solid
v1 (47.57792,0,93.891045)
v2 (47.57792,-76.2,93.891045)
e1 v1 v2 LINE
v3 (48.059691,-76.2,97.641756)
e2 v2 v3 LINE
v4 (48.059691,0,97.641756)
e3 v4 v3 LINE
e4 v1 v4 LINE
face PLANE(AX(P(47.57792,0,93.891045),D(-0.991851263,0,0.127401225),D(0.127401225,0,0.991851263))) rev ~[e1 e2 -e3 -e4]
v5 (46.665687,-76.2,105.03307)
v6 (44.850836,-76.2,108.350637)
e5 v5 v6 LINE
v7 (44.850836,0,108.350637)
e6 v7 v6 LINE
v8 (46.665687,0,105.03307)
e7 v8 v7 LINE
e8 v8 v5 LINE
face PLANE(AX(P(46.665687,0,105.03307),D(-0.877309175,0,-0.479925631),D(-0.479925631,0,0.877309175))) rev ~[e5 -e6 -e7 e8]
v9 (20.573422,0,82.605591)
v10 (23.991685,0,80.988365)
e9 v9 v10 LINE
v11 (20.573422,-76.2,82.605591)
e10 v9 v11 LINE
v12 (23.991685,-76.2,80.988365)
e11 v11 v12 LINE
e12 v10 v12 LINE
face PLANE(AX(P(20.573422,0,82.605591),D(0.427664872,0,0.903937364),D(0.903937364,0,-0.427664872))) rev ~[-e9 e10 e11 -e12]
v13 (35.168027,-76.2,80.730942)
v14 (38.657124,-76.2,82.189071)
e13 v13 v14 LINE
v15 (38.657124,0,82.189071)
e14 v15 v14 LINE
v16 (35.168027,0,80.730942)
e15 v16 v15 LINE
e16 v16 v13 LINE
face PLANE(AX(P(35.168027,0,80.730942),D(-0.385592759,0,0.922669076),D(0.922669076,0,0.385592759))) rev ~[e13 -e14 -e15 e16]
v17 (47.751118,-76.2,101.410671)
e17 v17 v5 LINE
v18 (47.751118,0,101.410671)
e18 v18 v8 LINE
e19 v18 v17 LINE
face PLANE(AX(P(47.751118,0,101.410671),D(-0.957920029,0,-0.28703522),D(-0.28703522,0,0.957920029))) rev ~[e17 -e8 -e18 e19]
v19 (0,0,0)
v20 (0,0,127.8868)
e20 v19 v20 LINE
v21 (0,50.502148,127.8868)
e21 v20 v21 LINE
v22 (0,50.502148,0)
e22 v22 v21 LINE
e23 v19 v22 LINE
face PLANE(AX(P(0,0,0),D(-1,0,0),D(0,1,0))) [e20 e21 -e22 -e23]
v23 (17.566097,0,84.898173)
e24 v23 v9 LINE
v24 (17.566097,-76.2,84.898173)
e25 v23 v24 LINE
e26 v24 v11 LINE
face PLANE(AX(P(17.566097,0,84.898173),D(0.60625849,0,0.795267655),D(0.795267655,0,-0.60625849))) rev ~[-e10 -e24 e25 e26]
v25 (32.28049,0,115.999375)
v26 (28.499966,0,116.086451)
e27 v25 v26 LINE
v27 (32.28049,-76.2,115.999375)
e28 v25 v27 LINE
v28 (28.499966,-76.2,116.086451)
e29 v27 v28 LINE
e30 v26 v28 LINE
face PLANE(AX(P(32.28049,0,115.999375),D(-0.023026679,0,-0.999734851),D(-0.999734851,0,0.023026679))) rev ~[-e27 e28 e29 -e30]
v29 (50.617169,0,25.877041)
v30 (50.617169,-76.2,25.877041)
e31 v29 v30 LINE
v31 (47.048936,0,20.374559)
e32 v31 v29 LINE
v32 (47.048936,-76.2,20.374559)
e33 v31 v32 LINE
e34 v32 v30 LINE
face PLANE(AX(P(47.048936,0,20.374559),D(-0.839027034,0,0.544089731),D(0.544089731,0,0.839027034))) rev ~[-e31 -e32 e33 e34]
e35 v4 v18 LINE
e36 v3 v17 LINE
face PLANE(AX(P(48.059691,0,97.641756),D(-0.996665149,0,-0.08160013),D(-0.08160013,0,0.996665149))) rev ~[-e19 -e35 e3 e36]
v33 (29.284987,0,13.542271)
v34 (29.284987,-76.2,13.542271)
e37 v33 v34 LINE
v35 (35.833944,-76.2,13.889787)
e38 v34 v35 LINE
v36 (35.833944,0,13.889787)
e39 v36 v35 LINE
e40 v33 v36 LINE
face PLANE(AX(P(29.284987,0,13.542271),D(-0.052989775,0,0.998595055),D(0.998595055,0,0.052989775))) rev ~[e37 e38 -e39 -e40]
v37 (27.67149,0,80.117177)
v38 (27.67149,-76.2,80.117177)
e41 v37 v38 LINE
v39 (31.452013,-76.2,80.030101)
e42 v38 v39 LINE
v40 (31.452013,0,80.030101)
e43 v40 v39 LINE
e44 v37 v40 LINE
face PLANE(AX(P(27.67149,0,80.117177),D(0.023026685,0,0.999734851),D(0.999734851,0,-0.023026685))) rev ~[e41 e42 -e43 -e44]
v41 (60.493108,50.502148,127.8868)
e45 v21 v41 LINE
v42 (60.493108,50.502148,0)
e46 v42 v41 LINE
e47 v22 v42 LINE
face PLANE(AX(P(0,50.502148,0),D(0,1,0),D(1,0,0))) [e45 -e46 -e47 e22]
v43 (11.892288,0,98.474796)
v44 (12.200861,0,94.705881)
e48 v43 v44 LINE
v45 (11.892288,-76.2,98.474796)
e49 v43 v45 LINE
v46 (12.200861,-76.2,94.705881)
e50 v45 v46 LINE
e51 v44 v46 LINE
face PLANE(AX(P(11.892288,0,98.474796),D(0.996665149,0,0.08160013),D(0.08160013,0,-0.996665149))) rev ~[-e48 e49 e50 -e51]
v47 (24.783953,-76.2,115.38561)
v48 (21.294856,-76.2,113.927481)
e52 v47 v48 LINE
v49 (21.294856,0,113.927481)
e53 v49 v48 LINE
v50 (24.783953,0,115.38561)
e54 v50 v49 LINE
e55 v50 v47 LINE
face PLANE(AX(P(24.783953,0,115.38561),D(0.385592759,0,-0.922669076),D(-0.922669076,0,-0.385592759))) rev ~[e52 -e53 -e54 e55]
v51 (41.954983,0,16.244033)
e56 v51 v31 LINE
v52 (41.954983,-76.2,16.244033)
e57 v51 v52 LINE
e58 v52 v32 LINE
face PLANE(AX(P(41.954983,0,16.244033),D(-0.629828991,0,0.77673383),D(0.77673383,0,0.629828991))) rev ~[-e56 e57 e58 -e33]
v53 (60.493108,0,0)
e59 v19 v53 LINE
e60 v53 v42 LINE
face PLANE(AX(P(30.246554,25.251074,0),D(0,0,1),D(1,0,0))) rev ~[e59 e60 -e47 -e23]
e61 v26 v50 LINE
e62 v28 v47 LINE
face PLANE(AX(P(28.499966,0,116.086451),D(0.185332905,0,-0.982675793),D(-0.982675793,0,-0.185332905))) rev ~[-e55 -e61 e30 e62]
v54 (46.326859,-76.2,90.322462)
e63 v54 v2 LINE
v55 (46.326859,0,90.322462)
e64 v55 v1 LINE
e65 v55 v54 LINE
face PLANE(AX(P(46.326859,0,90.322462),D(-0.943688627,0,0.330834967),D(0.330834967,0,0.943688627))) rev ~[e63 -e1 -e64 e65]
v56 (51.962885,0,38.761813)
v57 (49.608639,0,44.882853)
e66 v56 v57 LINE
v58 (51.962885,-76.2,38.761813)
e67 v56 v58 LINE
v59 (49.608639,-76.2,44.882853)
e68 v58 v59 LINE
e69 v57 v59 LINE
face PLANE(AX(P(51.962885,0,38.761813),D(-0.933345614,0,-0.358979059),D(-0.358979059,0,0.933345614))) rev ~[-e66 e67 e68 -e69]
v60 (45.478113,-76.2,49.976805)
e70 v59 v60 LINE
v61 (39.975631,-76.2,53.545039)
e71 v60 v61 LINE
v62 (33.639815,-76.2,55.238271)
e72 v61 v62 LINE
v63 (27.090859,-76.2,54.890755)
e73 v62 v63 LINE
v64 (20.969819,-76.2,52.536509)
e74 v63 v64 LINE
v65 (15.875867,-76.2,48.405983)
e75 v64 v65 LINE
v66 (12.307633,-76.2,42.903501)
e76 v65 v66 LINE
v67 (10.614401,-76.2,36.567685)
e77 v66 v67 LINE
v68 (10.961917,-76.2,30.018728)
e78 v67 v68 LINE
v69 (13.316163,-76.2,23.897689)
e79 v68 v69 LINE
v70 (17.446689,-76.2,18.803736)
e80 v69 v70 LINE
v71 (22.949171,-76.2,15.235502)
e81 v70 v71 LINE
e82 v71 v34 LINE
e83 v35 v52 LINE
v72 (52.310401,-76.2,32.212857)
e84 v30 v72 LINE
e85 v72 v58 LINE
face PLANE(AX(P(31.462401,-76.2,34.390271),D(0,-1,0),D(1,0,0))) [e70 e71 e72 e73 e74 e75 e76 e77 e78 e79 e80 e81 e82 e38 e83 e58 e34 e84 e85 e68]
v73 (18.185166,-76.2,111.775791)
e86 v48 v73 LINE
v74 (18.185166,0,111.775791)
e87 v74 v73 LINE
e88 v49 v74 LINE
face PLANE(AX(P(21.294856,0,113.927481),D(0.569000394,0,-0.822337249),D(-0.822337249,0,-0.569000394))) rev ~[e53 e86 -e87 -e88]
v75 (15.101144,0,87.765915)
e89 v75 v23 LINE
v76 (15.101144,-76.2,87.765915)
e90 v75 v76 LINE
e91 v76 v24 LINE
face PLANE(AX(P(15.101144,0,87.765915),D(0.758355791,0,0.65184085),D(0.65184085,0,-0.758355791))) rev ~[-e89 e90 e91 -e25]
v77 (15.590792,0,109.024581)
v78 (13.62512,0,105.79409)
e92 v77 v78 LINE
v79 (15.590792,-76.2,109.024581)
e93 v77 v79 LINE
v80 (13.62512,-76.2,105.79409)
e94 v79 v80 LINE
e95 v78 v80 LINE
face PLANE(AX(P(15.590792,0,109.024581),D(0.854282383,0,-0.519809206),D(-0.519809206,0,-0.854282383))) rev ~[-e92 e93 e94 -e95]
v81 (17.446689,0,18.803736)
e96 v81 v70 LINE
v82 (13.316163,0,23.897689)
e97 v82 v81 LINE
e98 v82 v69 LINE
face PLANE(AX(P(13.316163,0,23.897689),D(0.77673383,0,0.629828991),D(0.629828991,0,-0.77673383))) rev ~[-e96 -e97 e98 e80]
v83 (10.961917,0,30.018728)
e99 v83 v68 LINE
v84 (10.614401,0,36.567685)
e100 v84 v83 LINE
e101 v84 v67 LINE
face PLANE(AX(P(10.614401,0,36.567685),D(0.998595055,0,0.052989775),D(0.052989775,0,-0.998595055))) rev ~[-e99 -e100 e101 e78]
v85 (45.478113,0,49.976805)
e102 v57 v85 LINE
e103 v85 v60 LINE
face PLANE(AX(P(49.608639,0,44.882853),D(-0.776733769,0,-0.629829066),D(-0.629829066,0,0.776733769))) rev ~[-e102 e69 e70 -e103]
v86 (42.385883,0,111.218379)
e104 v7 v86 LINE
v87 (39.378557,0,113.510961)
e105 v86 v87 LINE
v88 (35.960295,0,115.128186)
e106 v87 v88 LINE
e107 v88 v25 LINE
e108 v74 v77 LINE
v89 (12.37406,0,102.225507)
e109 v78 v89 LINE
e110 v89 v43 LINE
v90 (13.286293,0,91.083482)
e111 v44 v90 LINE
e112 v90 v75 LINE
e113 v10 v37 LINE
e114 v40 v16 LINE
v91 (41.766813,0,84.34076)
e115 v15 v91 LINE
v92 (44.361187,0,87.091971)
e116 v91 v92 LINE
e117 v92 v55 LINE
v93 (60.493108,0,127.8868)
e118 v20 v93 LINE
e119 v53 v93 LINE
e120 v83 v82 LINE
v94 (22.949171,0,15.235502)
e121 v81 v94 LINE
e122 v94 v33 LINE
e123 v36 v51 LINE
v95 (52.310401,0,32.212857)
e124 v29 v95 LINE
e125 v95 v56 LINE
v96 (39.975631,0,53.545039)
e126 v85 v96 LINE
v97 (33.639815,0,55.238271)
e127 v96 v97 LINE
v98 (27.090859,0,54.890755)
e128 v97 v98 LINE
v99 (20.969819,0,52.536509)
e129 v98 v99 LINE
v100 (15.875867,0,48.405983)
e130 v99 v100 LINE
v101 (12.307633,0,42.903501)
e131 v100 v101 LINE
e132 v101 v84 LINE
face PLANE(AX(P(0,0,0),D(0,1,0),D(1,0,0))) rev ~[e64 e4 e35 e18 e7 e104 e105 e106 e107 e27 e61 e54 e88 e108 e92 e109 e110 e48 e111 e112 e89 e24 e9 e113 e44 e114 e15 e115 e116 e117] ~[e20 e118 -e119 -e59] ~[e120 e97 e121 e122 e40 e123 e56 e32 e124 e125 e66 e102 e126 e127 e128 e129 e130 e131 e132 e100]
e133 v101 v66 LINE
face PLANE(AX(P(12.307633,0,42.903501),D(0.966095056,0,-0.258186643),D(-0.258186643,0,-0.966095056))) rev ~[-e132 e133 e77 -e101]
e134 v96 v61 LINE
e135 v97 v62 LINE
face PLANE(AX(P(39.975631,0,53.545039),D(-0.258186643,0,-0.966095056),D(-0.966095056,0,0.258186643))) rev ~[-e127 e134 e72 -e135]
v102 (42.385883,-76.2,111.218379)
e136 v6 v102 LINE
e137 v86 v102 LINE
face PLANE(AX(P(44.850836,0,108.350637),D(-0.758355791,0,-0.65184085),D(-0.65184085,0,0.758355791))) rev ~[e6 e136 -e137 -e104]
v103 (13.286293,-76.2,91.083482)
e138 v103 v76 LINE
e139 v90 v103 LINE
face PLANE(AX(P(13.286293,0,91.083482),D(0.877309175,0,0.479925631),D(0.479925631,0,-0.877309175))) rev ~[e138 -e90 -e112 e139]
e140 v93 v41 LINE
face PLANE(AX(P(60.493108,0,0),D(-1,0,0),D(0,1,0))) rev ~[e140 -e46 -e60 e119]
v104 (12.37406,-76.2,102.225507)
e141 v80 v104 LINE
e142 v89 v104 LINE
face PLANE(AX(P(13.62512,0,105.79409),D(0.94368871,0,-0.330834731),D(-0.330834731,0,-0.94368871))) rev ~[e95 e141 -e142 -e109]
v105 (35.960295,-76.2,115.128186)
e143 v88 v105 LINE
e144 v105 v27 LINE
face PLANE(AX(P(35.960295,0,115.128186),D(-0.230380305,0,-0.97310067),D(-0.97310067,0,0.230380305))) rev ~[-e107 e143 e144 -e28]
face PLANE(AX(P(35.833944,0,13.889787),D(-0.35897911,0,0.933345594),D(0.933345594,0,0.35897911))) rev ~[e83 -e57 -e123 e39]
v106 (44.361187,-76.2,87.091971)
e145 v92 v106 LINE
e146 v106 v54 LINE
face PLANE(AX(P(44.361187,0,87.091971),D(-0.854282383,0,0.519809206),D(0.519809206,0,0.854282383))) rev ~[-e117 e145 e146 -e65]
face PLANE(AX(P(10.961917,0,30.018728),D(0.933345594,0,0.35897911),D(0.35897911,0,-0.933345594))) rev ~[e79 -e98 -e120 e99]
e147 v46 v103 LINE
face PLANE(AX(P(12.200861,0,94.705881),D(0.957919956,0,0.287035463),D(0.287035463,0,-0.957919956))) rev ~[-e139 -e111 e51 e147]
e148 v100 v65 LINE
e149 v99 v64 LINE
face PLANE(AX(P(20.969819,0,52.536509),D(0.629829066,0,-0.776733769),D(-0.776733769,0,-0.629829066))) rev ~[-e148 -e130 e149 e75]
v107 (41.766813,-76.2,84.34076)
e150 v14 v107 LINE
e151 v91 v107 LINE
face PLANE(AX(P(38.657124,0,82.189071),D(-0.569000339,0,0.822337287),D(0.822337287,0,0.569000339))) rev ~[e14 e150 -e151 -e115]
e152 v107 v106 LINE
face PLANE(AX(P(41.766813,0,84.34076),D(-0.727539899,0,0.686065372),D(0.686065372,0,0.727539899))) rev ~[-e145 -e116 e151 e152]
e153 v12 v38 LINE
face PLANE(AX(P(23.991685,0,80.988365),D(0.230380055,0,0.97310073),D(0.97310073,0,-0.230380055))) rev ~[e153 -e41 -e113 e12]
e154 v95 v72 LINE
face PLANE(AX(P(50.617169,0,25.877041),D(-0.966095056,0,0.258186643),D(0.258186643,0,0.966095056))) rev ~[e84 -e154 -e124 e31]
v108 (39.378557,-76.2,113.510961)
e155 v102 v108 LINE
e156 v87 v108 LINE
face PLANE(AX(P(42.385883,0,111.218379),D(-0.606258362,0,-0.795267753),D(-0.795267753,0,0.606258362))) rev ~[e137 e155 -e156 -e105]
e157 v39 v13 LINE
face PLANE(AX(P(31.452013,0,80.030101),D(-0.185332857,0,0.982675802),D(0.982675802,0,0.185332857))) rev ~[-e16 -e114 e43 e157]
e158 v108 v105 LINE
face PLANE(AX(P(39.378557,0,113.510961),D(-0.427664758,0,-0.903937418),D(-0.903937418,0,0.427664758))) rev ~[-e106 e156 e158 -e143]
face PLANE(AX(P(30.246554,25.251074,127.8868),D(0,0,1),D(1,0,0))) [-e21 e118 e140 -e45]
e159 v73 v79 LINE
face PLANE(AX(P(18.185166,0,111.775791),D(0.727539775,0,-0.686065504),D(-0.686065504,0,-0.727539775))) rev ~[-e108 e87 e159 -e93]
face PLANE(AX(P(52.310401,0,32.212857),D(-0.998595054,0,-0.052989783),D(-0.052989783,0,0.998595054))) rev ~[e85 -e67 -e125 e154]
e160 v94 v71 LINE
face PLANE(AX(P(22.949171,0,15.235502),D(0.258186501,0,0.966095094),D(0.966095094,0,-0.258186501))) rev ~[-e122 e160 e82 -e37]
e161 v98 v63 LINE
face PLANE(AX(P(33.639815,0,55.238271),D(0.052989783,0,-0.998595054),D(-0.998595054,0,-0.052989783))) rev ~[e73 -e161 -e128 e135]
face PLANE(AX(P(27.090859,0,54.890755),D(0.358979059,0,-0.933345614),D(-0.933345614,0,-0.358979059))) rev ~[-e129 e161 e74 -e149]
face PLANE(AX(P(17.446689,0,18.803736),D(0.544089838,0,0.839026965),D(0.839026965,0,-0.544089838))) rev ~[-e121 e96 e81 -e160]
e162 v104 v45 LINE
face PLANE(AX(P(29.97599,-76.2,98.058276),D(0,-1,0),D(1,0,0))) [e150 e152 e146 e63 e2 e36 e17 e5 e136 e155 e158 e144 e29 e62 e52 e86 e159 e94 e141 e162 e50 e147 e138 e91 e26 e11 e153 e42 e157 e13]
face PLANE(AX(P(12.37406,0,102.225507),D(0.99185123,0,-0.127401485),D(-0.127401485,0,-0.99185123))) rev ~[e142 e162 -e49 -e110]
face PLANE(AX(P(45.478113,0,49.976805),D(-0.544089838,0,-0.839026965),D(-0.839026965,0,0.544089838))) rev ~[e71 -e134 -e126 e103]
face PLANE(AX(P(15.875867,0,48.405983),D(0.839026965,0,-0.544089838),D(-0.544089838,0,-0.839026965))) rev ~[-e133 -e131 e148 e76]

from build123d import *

# Parameters (mm, degrees)
F0_W     = 60.493108
F0_H     = 50.502148
F1_DEPTH = 127.8868
F3_DEPTH = 76.2


with BuildPart() as f1:
    # F0 (on Top) → F1 (new body)
    with BuildSketch(Plane.XY):
        with Locations((30.246554, 25.251074)):
            Rectangle(F0_W, F0_H)
    extrude(amount=F1_DEPTH)

    # F2 (on face) → F3 (join)
    with BuildSketch(Plane.XZ):
        Polygon((35.168027, 80.730942), (38.657124, 82.189071), (41.766813, 84.34076), (44.361187, 87.091971), (46.326859, 90.322462), (47.57792, 93.891045), (48.059691, 97.641756), (47.751118, 101.410671), (46.665687, 105.03307), (44.850836, 108.350637), (42.385883, 111.218379), (39.378557, 113.510961), (35.960295, 115.128186), (32.28049, 115.999375), (28.499966, 116.086451), (24.783953, 115.38561), (21.294856, 113.927481), (18.185166, 111.775791), (15.590792, 109.024581), (13.62512, 105.79409), (12.37406, 102.225507), (11.892288, 98.474796), (12.200861, 94.705881), (13.286293, 91.083482), (15.101144, 87.765915), (17.566097, 84.898173), (20.573422, 82.605591), (23.991685, 80.988365), (27.67149, 80.117177), (31.452013, 80.030101), align=None)
        Polygon((35.833944, 13.889787), (41.954983, 16.244033), (47.048936, 20.374559), (50.617169, 25.877041), (52.310401, 32.212857), (51.962885, 38.761813), (49.608639, 44.882853), (45.478113, 49.976805), (39.975631, 53.545039), (33.639815, 55.238271), (27.090859, 54.890755), (20.969819, 52.536509), (15.875867, 48.405983), (12.307633, 42.903501), (10.614401, 36.567685), (10.961917, 30.018728), (13.316163, 23.897689), (17.446689, 18.803736), (22.949171, 15.235502), (29.284987, 13.542271), align=None)
    extrude(amount=F3_DEPTH)


solid = f1.part
